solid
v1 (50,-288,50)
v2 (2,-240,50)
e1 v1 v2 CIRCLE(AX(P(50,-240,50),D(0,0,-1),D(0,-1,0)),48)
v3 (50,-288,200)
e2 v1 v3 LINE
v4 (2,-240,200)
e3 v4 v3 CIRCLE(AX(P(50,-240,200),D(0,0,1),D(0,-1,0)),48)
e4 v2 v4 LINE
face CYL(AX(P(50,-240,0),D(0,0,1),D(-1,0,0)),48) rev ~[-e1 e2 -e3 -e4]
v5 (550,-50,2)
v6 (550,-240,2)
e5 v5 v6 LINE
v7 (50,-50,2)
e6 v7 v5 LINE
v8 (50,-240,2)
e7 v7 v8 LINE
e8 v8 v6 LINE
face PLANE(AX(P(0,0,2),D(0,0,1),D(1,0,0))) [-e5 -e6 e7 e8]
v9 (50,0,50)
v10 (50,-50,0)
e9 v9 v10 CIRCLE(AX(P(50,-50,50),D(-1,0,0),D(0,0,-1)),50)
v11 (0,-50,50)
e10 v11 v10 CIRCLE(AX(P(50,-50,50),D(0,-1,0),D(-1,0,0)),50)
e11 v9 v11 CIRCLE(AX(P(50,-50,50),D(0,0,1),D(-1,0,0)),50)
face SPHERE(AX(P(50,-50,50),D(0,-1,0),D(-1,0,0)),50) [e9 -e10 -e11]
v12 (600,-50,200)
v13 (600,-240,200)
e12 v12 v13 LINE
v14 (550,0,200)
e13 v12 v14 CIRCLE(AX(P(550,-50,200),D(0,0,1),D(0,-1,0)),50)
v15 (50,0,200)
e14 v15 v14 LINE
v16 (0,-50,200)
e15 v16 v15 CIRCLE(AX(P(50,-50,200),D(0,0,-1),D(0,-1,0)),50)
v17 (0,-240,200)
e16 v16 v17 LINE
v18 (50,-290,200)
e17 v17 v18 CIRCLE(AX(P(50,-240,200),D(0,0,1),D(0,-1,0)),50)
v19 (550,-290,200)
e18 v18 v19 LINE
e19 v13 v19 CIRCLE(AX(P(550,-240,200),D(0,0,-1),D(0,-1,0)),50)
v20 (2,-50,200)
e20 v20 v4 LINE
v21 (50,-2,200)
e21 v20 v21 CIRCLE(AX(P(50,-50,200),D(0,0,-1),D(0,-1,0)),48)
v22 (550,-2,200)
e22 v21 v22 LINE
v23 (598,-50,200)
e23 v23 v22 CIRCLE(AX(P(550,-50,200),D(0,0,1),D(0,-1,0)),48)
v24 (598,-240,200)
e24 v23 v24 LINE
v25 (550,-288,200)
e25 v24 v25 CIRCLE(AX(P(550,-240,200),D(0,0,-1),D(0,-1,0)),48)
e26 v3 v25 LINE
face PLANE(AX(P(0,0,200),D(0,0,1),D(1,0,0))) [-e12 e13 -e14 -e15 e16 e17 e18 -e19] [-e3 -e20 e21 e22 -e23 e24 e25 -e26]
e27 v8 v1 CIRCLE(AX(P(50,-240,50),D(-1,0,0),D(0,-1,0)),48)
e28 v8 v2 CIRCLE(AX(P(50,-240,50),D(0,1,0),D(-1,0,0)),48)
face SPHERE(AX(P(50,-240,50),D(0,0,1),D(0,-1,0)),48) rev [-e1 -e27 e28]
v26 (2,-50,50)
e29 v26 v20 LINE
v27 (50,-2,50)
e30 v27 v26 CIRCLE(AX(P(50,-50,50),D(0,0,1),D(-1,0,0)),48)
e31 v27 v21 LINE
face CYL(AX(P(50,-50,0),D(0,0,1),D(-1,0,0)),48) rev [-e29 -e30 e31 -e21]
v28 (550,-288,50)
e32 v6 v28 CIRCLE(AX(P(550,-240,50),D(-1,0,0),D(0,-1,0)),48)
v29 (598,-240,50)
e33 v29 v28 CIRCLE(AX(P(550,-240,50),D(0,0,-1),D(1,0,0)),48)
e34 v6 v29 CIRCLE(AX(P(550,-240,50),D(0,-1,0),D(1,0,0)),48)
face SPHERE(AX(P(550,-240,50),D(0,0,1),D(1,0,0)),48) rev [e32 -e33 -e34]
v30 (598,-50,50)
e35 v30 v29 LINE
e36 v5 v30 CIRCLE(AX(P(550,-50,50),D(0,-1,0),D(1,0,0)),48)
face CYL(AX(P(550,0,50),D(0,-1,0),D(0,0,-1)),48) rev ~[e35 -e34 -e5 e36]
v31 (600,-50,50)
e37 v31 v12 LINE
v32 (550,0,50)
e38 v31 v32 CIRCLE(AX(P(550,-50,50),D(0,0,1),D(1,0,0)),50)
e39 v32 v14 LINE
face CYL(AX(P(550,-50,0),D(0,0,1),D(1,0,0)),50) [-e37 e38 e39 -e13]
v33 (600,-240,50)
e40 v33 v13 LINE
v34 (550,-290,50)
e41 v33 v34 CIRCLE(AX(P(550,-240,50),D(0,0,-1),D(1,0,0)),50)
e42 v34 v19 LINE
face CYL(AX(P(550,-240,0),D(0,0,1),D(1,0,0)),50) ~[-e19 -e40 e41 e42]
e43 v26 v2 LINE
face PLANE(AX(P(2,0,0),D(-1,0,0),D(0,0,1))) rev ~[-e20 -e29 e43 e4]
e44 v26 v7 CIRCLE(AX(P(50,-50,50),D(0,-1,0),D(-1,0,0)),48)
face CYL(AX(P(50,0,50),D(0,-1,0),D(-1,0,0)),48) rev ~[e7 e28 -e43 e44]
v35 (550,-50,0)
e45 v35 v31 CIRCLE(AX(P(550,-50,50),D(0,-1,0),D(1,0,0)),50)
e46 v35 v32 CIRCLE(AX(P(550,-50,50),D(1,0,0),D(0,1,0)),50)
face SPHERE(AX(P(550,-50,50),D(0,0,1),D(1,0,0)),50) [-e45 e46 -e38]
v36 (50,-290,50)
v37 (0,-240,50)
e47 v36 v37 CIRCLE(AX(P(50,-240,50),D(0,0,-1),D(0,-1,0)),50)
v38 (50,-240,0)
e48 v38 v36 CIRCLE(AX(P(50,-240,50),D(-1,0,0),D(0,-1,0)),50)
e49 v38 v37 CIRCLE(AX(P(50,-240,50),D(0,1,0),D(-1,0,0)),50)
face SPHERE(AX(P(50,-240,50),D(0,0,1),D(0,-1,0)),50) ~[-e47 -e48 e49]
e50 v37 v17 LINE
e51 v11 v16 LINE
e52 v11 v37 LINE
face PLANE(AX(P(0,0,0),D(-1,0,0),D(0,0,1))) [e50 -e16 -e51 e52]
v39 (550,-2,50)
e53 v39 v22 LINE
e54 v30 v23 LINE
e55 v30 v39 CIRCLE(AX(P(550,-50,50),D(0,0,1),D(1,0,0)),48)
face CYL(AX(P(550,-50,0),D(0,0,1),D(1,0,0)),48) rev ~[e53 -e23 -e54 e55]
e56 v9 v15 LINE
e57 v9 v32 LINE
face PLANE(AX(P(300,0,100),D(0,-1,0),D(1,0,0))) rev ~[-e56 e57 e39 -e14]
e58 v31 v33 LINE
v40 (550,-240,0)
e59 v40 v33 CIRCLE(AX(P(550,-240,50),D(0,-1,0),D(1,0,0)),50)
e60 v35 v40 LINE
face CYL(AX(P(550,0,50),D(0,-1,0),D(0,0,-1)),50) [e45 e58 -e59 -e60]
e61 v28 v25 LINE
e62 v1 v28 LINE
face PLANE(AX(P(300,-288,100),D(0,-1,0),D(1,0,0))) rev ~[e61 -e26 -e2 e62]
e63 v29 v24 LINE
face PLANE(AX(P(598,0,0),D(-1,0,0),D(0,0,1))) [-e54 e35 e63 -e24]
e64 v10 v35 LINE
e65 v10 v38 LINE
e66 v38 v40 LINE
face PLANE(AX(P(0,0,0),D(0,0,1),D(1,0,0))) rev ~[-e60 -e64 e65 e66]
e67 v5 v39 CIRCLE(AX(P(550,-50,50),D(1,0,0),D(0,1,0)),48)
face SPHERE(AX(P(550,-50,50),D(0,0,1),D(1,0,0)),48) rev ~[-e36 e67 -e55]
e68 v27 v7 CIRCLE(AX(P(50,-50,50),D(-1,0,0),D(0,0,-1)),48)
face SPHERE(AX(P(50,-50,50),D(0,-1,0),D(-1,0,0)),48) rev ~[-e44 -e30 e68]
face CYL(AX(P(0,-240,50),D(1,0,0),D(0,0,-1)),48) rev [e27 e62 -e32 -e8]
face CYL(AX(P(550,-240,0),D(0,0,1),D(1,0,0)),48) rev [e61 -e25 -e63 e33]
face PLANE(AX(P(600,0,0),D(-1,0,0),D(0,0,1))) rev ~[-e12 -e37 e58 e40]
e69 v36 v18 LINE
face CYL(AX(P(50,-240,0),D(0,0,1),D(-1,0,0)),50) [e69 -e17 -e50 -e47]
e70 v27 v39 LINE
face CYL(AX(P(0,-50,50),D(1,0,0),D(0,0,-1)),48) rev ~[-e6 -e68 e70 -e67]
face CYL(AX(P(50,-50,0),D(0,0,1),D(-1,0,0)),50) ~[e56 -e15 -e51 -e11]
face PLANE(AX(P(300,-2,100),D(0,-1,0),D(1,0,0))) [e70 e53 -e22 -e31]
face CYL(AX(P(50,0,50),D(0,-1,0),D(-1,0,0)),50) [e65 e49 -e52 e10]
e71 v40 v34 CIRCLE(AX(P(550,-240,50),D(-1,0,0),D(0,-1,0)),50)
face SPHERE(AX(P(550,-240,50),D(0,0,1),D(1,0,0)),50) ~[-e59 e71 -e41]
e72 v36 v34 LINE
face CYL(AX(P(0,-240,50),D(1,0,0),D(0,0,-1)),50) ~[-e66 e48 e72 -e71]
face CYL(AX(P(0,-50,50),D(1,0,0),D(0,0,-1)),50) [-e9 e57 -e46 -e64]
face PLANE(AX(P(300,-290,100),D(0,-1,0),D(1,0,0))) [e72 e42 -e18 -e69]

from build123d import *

# Parameters (mm, degrees)
F0_W     = 600
F0_H     = 200
F1_DEPTH = 290
F2_R     = 50
F3_T     = -2


with BuildPart() as f1:
    # F0 (on Front) → F1 (new body)
    with BuildSketch(Plane.XZ):
        with Locations((300, 100)):
            Rectangle(F0_W, F0_H)
    extrude(amount=F1_DEPTH)

    # F2
    f2_edges = [f1.edges().sort_by_distance(p)[0] for p in [
        (600, -290, 100),
        (0, -290, 100),
        (600, 0, 100),
        (600, -145, 0),
        (300, -290, 0),
        (0, -145, 0),
        (0, 0, 100),
        (300, 0, 0),
    ]]
    fillet(f2_edges, radius=F2_R)

    # F3
    f3_openings = [f1.faces().sort_by_distance(p)[0] for p in [
        (300, -145, 200),
    ]]
    offset(amount=F3_T, openings=f3_openings)


solid = f1.part
